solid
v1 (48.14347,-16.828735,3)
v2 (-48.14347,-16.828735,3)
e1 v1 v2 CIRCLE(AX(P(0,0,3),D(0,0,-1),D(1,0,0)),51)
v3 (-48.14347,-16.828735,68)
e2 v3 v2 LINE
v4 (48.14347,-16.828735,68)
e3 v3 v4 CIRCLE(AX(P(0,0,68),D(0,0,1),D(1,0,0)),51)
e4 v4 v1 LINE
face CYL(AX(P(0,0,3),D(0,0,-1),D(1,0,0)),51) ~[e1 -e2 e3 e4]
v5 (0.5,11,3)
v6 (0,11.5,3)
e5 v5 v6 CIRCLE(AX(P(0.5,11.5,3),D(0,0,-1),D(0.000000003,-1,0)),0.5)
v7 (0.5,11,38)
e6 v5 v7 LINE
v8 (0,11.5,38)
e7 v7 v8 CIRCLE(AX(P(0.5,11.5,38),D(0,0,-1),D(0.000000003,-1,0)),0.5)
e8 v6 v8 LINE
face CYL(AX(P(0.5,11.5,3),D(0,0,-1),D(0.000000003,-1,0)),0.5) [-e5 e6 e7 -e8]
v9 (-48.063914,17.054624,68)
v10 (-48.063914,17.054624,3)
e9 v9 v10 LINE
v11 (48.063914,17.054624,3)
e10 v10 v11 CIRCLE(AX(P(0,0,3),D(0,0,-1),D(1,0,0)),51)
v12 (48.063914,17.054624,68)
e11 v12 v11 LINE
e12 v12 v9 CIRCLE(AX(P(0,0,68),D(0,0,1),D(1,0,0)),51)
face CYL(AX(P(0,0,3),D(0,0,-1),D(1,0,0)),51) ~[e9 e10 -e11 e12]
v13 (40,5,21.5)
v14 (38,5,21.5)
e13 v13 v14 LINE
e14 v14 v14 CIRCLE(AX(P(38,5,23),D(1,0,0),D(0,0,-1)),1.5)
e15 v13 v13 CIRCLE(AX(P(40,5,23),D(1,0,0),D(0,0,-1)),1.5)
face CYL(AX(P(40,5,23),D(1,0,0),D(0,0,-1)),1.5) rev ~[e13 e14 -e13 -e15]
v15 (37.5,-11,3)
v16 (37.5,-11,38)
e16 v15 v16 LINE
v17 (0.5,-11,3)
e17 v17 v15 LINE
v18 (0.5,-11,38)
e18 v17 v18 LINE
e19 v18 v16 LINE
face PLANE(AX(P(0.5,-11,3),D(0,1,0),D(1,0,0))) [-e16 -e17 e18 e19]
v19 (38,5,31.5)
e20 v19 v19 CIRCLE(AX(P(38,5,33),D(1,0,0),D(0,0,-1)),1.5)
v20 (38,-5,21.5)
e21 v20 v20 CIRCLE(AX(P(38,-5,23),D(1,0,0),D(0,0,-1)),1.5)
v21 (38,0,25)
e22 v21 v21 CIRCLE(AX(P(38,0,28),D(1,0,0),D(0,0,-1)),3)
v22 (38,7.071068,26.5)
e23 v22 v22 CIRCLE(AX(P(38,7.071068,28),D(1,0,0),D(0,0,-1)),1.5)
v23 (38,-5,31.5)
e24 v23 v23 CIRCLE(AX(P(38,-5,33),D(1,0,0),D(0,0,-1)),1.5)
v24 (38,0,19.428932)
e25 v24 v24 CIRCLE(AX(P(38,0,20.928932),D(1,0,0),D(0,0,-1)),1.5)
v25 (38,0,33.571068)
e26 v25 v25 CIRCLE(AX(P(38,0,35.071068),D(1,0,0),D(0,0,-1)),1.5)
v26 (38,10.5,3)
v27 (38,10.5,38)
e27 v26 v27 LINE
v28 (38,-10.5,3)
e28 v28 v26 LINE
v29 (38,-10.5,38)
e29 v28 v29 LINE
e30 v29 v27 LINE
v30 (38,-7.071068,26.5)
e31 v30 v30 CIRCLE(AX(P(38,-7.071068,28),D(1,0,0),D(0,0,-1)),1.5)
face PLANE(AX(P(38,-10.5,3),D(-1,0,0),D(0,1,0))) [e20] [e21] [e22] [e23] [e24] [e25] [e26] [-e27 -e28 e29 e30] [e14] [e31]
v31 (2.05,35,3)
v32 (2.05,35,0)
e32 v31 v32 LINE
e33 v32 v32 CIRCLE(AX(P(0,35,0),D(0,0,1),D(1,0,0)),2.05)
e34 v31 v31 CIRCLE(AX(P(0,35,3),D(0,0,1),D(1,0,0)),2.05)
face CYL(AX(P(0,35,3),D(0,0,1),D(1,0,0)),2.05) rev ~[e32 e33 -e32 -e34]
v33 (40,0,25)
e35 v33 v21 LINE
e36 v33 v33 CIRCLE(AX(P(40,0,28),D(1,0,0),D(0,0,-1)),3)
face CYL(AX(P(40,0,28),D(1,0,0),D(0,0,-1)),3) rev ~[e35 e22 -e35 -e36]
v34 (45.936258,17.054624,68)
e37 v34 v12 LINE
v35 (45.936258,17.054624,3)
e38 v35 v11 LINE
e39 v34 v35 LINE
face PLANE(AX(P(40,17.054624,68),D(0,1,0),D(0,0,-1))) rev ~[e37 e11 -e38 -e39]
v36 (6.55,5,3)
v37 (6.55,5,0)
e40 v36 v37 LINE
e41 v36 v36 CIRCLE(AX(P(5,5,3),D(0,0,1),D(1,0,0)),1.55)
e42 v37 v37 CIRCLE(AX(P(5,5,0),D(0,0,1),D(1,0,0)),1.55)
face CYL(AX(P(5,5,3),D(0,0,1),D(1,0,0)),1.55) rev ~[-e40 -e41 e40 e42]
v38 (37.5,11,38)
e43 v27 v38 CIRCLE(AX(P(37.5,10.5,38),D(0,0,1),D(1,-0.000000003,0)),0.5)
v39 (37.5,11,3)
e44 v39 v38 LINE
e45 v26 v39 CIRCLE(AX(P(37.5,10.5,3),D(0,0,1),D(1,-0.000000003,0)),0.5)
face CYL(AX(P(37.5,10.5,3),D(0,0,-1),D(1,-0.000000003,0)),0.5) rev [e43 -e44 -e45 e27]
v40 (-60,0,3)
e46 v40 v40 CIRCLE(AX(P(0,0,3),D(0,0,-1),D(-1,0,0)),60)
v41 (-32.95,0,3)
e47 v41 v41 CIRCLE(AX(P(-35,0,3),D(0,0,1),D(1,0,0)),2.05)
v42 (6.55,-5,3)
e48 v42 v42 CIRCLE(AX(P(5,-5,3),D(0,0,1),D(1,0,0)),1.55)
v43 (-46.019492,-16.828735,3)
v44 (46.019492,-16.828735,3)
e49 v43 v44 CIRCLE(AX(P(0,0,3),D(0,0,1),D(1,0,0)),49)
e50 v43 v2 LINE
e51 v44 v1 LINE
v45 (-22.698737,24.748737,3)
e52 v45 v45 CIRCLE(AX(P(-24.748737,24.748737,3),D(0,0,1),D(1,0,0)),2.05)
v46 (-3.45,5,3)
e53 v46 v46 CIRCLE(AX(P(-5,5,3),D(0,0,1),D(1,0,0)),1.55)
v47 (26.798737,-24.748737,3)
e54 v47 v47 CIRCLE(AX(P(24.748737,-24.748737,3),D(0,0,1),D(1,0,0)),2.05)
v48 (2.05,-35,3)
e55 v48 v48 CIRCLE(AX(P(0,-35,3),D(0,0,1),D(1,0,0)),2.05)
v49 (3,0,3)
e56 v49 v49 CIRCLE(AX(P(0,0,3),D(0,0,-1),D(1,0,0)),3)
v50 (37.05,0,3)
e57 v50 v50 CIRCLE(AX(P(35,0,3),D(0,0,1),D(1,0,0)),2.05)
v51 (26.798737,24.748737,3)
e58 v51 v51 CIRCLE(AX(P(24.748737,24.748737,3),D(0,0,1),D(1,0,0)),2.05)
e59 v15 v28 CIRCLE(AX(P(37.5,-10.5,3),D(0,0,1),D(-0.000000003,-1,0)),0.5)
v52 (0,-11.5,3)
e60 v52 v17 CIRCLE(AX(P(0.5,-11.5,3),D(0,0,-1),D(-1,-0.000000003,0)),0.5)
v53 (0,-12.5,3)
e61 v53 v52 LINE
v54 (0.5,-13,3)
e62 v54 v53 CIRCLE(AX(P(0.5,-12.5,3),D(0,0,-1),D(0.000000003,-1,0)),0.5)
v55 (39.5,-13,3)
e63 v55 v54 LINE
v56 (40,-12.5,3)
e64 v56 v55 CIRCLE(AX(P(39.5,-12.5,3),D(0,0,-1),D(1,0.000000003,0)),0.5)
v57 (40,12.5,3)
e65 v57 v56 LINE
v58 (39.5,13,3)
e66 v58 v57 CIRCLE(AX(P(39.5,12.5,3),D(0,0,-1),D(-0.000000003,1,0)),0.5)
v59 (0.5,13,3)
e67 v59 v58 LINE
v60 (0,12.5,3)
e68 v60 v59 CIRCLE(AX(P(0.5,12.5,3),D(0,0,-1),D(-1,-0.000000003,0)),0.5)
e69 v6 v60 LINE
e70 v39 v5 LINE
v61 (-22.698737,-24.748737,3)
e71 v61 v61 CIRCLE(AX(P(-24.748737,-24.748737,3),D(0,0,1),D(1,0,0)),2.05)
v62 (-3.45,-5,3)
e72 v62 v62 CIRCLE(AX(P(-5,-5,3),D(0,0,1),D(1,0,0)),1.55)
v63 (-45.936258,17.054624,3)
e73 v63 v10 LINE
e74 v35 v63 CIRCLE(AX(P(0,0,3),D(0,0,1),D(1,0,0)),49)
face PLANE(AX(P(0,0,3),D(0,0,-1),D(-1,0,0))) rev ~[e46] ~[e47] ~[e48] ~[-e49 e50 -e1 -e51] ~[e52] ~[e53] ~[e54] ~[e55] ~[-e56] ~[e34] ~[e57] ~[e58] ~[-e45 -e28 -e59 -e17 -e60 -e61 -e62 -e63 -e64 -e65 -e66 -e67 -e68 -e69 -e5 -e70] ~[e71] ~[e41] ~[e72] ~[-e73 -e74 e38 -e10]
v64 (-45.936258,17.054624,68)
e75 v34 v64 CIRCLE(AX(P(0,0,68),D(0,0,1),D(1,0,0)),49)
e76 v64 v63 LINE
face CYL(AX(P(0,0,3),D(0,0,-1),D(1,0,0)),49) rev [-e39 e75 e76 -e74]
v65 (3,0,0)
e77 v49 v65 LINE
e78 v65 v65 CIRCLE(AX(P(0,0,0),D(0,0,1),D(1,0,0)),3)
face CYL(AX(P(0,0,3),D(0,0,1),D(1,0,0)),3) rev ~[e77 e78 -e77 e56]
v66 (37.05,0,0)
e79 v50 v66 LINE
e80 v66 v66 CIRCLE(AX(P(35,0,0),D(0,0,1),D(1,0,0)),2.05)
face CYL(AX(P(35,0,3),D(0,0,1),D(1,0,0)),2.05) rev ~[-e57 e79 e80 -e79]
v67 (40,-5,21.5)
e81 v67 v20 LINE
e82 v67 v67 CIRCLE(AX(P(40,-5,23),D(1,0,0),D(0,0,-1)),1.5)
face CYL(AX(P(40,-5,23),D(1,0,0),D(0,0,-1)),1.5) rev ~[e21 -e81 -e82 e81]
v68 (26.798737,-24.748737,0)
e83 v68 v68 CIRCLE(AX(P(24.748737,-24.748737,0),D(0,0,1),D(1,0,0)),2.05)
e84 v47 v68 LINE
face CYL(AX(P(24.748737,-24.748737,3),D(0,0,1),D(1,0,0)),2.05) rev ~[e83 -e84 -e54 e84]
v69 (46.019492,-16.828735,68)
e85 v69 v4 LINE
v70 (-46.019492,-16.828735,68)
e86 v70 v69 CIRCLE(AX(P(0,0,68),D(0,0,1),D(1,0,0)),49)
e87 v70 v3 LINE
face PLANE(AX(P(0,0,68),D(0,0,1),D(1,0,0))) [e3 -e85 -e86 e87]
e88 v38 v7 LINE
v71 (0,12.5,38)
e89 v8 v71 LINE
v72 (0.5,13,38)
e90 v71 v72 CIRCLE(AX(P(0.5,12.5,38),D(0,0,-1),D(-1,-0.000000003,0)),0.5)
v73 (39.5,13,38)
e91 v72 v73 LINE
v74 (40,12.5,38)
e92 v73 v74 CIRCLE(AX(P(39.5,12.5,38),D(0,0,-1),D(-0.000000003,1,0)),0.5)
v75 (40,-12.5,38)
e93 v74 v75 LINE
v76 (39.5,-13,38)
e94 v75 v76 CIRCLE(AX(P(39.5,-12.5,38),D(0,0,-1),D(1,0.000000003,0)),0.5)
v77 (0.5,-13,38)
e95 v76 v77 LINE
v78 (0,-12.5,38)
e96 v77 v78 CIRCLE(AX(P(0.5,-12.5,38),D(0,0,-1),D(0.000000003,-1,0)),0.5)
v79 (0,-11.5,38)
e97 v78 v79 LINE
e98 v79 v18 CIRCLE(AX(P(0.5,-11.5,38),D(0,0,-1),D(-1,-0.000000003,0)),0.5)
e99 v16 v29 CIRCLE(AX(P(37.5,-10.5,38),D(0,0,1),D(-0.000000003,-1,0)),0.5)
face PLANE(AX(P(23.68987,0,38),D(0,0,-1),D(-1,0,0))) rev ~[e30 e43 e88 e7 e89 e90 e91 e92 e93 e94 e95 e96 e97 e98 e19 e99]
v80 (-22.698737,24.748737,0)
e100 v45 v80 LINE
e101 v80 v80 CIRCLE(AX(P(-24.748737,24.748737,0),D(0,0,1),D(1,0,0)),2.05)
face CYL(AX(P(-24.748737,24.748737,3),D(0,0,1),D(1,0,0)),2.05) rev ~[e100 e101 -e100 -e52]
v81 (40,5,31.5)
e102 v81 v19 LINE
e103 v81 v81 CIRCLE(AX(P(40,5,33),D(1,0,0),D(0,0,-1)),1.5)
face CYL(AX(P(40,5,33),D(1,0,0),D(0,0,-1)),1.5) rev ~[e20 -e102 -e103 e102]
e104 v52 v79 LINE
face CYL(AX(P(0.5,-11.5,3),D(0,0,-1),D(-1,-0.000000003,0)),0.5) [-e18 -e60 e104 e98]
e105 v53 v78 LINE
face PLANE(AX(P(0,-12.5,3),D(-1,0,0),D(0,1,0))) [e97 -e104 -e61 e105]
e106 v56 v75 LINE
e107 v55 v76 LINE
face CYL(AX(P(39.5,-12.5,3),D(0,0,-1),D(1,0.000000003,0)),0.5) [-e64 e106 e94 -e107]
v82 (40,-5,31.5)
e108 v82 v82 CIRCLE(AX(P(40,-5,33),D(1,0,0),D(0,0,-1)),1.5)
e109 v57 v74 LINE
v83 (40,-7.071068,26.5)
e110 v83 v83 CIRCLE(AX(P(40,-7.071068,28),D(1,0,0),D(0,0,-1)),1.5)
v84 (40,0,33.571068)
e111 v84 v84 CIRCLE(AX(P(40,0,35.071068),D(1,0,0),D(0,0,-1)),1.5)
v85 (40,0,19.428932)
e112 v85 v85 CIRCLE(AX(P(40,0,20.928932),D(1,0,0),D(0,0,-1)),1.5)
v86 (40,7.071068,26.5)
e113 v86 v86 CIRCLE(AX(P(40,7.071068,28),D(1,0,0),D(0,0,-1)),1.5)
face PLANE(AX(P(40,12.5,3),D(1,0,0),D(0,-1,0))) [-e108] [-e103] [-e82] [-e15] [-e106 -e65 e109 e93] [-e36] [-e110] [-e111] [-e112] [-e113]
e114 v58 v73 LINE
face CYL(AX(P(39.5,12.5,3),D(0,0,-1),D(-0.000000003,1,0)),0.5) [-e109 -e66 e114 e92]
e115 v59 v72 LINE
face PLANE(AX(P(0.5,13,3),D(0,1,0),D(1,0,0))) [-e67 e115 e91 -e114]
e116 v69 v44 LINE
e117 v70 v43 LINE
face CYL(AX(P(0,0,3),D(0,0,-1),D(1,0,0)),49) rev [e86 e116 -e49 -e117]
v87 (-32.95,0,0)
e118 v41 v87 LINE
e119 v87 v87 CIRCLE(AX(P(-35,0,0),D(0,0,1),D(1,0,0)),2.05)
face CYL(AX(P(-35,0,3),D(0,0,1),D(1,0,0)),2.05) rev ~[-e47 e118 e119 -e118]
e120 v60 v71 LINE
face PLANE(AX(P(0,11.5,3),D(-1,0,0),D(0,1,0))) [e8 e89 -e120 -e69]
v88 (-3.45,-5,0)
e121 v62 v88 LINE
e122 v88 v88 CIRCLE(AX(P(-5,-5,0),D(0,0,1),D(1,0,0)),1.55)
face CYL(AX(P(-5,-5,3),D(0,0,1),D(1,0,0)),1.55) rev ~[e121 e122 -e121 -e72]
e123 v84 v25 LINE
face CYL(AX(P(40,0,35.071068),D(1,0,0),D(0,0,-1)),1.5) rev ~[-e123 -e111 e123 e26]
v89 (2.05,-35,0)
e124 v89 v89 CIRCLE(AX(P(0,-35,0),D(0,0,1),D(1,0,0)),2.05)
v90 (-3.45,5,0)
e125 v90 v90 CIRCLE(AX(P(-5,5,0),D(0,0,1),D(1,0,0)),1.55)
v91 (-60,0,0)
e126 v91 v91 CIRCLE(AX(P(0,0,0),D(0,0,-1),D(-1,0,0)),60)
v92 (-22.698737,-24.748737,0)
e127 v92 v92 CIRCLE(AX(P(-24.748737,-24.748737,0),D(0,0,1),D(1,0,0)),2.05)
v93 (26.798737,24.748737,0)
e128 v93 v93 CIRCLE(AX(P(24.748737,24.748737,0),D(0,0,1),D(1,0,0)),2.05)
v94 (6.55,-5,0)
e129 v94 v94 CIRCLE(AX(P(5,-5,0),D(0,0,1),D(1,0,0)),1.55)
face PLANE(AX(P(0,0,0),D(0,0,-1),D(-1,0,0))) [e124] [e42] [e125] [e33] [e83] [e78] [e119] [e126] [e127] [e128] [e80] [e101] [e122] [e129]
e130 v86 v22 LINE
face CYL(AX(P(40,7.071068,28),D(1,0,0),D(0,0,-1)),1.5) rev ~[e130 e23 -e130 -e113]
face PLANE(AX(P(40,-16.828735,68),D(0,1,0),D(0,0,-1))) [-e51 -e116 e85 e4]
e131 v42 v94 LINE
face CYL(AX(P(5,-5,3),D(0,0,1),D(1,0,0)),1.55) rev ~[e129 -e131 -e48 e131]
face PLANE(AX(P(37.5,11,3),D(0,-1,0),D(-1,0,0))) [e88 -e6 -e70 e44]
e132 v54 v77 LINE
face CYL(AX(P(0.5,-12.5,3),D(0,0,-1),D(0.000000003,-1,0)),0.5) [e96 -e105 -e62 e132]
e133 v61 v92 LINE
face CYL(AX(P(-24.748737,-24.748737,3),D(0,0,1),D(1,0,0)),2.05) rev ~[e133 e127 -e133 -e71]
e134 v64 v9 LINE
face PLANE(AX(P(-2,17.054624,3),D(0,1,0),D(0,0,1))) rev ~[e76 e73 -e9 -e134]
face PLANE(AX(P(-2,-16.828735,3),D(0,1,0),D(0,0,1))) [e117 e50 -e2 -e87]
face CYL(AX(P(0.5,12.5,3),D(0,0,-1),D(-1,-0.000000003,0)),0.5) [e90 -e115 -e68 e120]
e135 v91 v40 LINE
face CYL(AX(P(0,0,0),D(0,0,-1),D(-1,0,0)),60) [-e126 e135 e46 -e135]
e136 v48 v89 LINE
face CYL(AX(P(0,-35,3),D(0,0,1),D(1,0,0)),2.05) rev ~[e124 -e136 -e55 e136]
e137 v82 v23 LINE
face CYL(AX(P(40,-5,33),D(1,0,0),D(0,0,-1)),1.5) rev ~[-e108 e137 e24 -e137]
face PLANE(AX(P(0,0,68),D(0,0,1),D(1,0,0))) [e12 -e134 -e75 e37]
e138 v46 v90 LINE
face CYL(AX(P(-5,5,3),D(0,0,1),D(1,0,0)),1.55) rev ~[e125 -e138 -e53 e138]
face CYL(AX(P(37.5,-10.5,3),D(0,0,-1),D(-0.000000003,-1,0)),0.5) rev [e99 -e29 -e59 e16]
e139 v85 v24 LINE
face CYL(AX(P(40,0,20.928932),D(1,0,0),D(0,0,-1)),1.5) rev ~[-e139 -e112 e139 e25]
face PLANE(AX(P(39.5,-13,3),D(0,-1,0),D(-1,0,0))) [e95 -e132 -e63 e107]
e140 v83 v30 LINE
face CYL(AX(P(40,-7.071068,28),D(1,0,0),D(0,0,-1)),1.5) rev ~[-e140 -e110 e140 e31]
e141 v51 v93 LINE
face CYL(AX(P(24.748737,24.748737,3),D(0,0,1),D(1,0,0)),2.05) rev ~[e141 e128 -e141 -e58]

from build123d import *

# Parameters (mm, degrees)
SKETCH_3_R           = 48
EXTRUDE_2_DEPTH      = 3
SKETCH_4_R           = 3
CUT_EXTRUDE_1_DEPTH  = 3
EXTRUDE_3_DEPTH      = 35
SKETCH_6_R           = 3
SKETCH_6_R_2         = 1.5
CUT_EXTRUDE_2_DEPTH  = 35
SKETCH_7_R           = 1.55
CUT_EXTRUDE_5_DEPTH  = 35
SKETCH_8_R           = 2.05
CUT_EXTRUDE_6_DEPTH  = 10
SKETCH_9_R           = 1.55
CUT_EXTRUDE_7_DEPTH  = 10
SKETCH_10_W          = 35
SKETCH_10_H          = 25
EXTRUDE_4_DEPTH      = 2
SKETCH_11_R          = 3
SKETCH_11_R_2        = 1.5
CUT_EXTRUDE_8_DEPTH  = 2
EXTRUDE_START        = -3
SKETCH_12_R          = 49
SKETCH_12_R_2        = 48
EXTRUDE_5_DEPTH      = 3
SKETCH_14_R          = 51
SKETCH_14_R_2        = 49
EXTRUDE_6_DEPTH      = 65
SKETCH_15_R          = 51
SKETCH_15_R_2        = 49
EXTRUDE_7_DEPTH      = 3
SKETCH_16_R          = 60
SKETCH_16_R_2        = 51
EXTRUDE_9_DEPTH      = 3
SKETCH_19_W          = 65
SKETCH_19_H          = 33.883358742
CUT_EXTRUDE_9_DEPTH  = 135.996296245
SKETCH_21_W          = 65
SKETCH_21_H          = 33.883358742
CUT_EXTRUDE_10_DEPTH = 110.854449159


with BuildPart() as part:
    # 草图3 → 凸台-拉伸2 (new body)
    with BuildSketch(Plane.XY):
        Circle(SKETCH_3_R)
    extrude(amount=EXTRUDE_2_DEPTH)

    # 草图4 → 切除-拉伸1 (cut)
    with BuildSketch(Plane.XY.offset(3)):
        Circle(SKETCH_4_R)
    extrude(amount=-CUT_EXTRUDE_1_DEPTH, mode=Mode.SUBTRACT)

    # 草图5 → 凸台-拉伸3 (add)
    with BuildSketch(Plane.XY.offset(3)):
        with BuildLine():
            ThreePointArc((0, 12.5), (0.146446609, 12.853553391), (0.5, 13))
            Line((0.5, 13), (39.5, 13))
            ThreePointArc((39.5, 13), (39.853553391, 12.853553391), (40, 12.5))
            Line((40, 12.5), (40, -12.5))
            ThreePointArc((40, -12.5), (39.853553391, -12.853553391), (39.5, -13))
            Line((39.5, -13), (0.5, -13))
            ThreePointArc((0.5, -13), (0.146446609, -12.853553391), (0, -12.5))
            Line((0, -12.5), (0, -11.5))
            ThreePointArc((0, -11.5), (0.146446609, -11.146446609), (0.5, -11))
            Line((0.5, -11), (37.5, -11))
            ThreePointArc((37.5, -11), (37.853553391, -10.853553391), (38, -10.5))
            Line((38, -10.5), (38, 0))
            Line((38, 0), (38, 10.5))
            ThreePointArc((38, 10.5), (37.853553391, 10.853553391), (37.5, 11))
            Line((37.5, 11), (0.5, 11))
            ThreePointArc((0.5, 11), (0.146446609, 11.146446609), (0, 11.5))
            Line((0, 11.5), (0, 12.5))
        make_face()
    extrude(amount=EXTRUDE_3_DEPTH)

    # 草图6 → 切除-拉伸2 (cut)
    with BuildSketch(Plane(origin=(40, 0, 0), x_dir=(0, 0, -1), z_dir=(1, 0, 0))):
        with Locations((-25, 0)):
            Circle(SKETCH_6_R)
        with Locations((-20, -5)):
            Circle(SKETCH_6_R_2)
        with Locations((-20, 5)):
            Circle(SKETCH_6_R_2)
        with Locations((-30, -5)):
            Circle(SKETCH_6_R_2)
        with Locations((-30, 5)):
            Circle(SKETCH_6_R_2)
    extrude(amount=-CUT_EXTRUDE_2_DEPTH, mode=Mode.SUBTRACT)

    # 草图7 → 切除-拉伸5 (cut)
    with BuildSketch(Plane.XY.offset(3)):
        with Locations((-35, 0)):
            Circle(SKETCH_7_R)
        with Locations((-24.748737342, 24.748737342)):
            Circle(SKETCH_7_R)
        with Locations((0, 35)):
            Circle(SKETCH_7_R)
        with Locations((24.748737342, 24.748737342)):
            Circle(SKETCH_7_R)
        with Locations((35, 0)):
            Circle(SKETCH_7_R)
        with Locations((24.748737342, -24.748737342)):
            Circle(SKETCH_7_R)
        with Locations((0, -35)):
            Circle(SKETCH_7_R)
        with Locations((-24.748737342, -24.748737342)):
            Circle(SKETCH_7_R)
    extrude(amount=-CUT_EXTRUDE_5_DEPTH, mode=Mode.SUBTRACT)

    # 草图8 → 切除-拉伸6 (cut)
    with BuildSketch(Plane.XY.offset(3)):
        with Locations((0, 35)):
            Circle(SKETCH_8_R)
        with Locations((24.748737342, 24.748737342)):
            Circle(SKETCH_8_R)
        with Locations((35, 0)):
            Circle(SKETCH_8_R)
        with Locations((24.748737342, -24.748737342)):
            Circle(SKETCH_8_R)
        with Locations((0, -35)):
            Circle(SKETCH_8_R)
        with Locations((-24.748737342, -24.748737342)):
            Circle(SKETCH_8_R)
        with Locations((-35, 0)):
            Circle(SKETCH_8_R)
        with Locations((-24.748737342, 24.748737342)):
            Circle(SKETCH_8_R)
    extrude(amount=-CUT_EXTRUDE_6_DEPTH, mode=Mode.SUBTRACT)

    # 草图9 → 切除-拉伸7 (cut)
    with BuildSketch(Plane.XY.offset(3)):
        with Locations((-5, 5)):
            Circle(SKETCH_9_R)
        with Locations((5, 5)):
            Circle(SKETCH_9_R)
        with Locations((5, -5)):
            Circle(SKETCH_9_R)
        with Locations((-5, -5)):
            Circle(SKETCH_9_R)
    extrude(amount=-CUT_EXTRUDE_7_DEPTH, mode=Mode.SUBTRACT)

    # 草图10 → 凸台-拉伸4 (add)
    with BuildSketch(Plane(origin=(40, 0, 0), x_dir=(0, 0, -1), z_dir=(1, 0, 0))):
        with Locations((-20.5, 0)):
            Rectangle(SKETCH_10_W, SKETCH_10_H)
    extrude(amount=-EXTRUDE_4_DEPTH)

    # 草图11 → 切除-拉伸8 (cut)
    with BuildSketch(Plane(origin=(40, 0, 0), x_dir=(0, 0, -1), z_dir=(1, 0, 0))):
        with Locations((-28, 0)):
            Circle(SKETCH_11_R)
        with Locations((-33, 5)):
            Circle(SKETCH_11_R_2)
        with Locations((-28, 7.071067812)):
            Circle(SKETCH_11_R_2)
        with Locations((-23, 5)):
            Circle(SKETCH_11_R_2)
        with Locations((-20.928932188, 0)):
            Circle(SKETCH_11_R_2)
        with Locations((-23, -5)):
            Circle(SKETCH_11_R_2)
        with Locations((-28, -7.071067812)):
            Circle(SKETCH_11_R_2)
        with Locations((-33, -5)):
            Circle(SKETCH_11_R_2)
        with Locations((-35.071067812, 0)):
            Circle(SKETCH_11_R_2)
    extrude(amount=-CUT_EXTRUDE_8_DEPTH, mode=Mode.SUBTRACT)

    # 草图12 → 凸台-拉伸5 (add)
    with BuildSketch(Plane.XY.offset(3).offset(EXTRUDE_START)):
        Circle(SKETCH_12_R)
        Circle(SKETCH_12_R_2, mode=Mode.SUBTRACT)
    extrude(amount=EXTRUDE_5_DEPTH)



with BuildPart() as body_2:
    # 草图14 → 凸台-拉伸6 (new body)
    with BuildSketch(Plane.XY.offset(3)):
        Circle(SKETCH_14_R)
        Circle(SKETCH_14_R_2, mode=Mode.SUBTRACT)
    extrude(amount=EXTRUDE_6_DEPTH)


with BuildPart() as part_1:
    add(part.part)

    add(body_2.part)  # 凸台-拉伸7 merges body 2
    # 草图15 → 凸台-拉伸7 (add)
    with BuildSketch(Plane(origin=(0, 0, 0), x_dir=(-1, 0, 0), z_dir=(0, 0, -1))):
        Circle(SKETCH_15_R)
        with Locations(Location((0, 0, 0), (0, 0, 180))):
            Circle(SKETCH_15_R_2, mode=Mode.SUBTRACT)
    extrude(amount=-EXTRUDE_7_DEPTH)

    # 草图16 → 凸台-拉伸9 (add)
    with BuildSketch(Plane(origin=(0, 0, 0), x_dir=(-1, 0, 0), z_dir=(0, 0, -1))):
        Circle(SKETCH_16_R)
        Circle(SKETCH_16_R_2, mode=Mode.SUBTRACT)
    extrude(amount=-EXTRUDE_9_DEPTH)

    # 草图19 → 切除-拉伸9 (cut, through all)
    with BuildSketch(Plane(origin=(40, 0, 0), x_dir=(0, 0, -1), z_dir=(1, 0, 0))):
        with Locations((-35.5, 0.112944529)):
            Rectangle(SKETCH_19_W, SKETCH_19_H)
    extrude(amount=CUT_EXTRUDE_9_DEPTH, mode=Mode.SUBTRACT)

    # 草图21 → 切除-拉伸10 (cut, through all)
    with BuildSketch(Plane.ZY.offset(2)):
        with Locations((35.5, 0.112944529)):
            Rectangle(SKETCH_21_W, SKETCH_21_H)
    extrude(amount=CUT_EXTRUDE_10_DEPTH, mode=Mode.SUBTRACT)


solid = part_1.part
